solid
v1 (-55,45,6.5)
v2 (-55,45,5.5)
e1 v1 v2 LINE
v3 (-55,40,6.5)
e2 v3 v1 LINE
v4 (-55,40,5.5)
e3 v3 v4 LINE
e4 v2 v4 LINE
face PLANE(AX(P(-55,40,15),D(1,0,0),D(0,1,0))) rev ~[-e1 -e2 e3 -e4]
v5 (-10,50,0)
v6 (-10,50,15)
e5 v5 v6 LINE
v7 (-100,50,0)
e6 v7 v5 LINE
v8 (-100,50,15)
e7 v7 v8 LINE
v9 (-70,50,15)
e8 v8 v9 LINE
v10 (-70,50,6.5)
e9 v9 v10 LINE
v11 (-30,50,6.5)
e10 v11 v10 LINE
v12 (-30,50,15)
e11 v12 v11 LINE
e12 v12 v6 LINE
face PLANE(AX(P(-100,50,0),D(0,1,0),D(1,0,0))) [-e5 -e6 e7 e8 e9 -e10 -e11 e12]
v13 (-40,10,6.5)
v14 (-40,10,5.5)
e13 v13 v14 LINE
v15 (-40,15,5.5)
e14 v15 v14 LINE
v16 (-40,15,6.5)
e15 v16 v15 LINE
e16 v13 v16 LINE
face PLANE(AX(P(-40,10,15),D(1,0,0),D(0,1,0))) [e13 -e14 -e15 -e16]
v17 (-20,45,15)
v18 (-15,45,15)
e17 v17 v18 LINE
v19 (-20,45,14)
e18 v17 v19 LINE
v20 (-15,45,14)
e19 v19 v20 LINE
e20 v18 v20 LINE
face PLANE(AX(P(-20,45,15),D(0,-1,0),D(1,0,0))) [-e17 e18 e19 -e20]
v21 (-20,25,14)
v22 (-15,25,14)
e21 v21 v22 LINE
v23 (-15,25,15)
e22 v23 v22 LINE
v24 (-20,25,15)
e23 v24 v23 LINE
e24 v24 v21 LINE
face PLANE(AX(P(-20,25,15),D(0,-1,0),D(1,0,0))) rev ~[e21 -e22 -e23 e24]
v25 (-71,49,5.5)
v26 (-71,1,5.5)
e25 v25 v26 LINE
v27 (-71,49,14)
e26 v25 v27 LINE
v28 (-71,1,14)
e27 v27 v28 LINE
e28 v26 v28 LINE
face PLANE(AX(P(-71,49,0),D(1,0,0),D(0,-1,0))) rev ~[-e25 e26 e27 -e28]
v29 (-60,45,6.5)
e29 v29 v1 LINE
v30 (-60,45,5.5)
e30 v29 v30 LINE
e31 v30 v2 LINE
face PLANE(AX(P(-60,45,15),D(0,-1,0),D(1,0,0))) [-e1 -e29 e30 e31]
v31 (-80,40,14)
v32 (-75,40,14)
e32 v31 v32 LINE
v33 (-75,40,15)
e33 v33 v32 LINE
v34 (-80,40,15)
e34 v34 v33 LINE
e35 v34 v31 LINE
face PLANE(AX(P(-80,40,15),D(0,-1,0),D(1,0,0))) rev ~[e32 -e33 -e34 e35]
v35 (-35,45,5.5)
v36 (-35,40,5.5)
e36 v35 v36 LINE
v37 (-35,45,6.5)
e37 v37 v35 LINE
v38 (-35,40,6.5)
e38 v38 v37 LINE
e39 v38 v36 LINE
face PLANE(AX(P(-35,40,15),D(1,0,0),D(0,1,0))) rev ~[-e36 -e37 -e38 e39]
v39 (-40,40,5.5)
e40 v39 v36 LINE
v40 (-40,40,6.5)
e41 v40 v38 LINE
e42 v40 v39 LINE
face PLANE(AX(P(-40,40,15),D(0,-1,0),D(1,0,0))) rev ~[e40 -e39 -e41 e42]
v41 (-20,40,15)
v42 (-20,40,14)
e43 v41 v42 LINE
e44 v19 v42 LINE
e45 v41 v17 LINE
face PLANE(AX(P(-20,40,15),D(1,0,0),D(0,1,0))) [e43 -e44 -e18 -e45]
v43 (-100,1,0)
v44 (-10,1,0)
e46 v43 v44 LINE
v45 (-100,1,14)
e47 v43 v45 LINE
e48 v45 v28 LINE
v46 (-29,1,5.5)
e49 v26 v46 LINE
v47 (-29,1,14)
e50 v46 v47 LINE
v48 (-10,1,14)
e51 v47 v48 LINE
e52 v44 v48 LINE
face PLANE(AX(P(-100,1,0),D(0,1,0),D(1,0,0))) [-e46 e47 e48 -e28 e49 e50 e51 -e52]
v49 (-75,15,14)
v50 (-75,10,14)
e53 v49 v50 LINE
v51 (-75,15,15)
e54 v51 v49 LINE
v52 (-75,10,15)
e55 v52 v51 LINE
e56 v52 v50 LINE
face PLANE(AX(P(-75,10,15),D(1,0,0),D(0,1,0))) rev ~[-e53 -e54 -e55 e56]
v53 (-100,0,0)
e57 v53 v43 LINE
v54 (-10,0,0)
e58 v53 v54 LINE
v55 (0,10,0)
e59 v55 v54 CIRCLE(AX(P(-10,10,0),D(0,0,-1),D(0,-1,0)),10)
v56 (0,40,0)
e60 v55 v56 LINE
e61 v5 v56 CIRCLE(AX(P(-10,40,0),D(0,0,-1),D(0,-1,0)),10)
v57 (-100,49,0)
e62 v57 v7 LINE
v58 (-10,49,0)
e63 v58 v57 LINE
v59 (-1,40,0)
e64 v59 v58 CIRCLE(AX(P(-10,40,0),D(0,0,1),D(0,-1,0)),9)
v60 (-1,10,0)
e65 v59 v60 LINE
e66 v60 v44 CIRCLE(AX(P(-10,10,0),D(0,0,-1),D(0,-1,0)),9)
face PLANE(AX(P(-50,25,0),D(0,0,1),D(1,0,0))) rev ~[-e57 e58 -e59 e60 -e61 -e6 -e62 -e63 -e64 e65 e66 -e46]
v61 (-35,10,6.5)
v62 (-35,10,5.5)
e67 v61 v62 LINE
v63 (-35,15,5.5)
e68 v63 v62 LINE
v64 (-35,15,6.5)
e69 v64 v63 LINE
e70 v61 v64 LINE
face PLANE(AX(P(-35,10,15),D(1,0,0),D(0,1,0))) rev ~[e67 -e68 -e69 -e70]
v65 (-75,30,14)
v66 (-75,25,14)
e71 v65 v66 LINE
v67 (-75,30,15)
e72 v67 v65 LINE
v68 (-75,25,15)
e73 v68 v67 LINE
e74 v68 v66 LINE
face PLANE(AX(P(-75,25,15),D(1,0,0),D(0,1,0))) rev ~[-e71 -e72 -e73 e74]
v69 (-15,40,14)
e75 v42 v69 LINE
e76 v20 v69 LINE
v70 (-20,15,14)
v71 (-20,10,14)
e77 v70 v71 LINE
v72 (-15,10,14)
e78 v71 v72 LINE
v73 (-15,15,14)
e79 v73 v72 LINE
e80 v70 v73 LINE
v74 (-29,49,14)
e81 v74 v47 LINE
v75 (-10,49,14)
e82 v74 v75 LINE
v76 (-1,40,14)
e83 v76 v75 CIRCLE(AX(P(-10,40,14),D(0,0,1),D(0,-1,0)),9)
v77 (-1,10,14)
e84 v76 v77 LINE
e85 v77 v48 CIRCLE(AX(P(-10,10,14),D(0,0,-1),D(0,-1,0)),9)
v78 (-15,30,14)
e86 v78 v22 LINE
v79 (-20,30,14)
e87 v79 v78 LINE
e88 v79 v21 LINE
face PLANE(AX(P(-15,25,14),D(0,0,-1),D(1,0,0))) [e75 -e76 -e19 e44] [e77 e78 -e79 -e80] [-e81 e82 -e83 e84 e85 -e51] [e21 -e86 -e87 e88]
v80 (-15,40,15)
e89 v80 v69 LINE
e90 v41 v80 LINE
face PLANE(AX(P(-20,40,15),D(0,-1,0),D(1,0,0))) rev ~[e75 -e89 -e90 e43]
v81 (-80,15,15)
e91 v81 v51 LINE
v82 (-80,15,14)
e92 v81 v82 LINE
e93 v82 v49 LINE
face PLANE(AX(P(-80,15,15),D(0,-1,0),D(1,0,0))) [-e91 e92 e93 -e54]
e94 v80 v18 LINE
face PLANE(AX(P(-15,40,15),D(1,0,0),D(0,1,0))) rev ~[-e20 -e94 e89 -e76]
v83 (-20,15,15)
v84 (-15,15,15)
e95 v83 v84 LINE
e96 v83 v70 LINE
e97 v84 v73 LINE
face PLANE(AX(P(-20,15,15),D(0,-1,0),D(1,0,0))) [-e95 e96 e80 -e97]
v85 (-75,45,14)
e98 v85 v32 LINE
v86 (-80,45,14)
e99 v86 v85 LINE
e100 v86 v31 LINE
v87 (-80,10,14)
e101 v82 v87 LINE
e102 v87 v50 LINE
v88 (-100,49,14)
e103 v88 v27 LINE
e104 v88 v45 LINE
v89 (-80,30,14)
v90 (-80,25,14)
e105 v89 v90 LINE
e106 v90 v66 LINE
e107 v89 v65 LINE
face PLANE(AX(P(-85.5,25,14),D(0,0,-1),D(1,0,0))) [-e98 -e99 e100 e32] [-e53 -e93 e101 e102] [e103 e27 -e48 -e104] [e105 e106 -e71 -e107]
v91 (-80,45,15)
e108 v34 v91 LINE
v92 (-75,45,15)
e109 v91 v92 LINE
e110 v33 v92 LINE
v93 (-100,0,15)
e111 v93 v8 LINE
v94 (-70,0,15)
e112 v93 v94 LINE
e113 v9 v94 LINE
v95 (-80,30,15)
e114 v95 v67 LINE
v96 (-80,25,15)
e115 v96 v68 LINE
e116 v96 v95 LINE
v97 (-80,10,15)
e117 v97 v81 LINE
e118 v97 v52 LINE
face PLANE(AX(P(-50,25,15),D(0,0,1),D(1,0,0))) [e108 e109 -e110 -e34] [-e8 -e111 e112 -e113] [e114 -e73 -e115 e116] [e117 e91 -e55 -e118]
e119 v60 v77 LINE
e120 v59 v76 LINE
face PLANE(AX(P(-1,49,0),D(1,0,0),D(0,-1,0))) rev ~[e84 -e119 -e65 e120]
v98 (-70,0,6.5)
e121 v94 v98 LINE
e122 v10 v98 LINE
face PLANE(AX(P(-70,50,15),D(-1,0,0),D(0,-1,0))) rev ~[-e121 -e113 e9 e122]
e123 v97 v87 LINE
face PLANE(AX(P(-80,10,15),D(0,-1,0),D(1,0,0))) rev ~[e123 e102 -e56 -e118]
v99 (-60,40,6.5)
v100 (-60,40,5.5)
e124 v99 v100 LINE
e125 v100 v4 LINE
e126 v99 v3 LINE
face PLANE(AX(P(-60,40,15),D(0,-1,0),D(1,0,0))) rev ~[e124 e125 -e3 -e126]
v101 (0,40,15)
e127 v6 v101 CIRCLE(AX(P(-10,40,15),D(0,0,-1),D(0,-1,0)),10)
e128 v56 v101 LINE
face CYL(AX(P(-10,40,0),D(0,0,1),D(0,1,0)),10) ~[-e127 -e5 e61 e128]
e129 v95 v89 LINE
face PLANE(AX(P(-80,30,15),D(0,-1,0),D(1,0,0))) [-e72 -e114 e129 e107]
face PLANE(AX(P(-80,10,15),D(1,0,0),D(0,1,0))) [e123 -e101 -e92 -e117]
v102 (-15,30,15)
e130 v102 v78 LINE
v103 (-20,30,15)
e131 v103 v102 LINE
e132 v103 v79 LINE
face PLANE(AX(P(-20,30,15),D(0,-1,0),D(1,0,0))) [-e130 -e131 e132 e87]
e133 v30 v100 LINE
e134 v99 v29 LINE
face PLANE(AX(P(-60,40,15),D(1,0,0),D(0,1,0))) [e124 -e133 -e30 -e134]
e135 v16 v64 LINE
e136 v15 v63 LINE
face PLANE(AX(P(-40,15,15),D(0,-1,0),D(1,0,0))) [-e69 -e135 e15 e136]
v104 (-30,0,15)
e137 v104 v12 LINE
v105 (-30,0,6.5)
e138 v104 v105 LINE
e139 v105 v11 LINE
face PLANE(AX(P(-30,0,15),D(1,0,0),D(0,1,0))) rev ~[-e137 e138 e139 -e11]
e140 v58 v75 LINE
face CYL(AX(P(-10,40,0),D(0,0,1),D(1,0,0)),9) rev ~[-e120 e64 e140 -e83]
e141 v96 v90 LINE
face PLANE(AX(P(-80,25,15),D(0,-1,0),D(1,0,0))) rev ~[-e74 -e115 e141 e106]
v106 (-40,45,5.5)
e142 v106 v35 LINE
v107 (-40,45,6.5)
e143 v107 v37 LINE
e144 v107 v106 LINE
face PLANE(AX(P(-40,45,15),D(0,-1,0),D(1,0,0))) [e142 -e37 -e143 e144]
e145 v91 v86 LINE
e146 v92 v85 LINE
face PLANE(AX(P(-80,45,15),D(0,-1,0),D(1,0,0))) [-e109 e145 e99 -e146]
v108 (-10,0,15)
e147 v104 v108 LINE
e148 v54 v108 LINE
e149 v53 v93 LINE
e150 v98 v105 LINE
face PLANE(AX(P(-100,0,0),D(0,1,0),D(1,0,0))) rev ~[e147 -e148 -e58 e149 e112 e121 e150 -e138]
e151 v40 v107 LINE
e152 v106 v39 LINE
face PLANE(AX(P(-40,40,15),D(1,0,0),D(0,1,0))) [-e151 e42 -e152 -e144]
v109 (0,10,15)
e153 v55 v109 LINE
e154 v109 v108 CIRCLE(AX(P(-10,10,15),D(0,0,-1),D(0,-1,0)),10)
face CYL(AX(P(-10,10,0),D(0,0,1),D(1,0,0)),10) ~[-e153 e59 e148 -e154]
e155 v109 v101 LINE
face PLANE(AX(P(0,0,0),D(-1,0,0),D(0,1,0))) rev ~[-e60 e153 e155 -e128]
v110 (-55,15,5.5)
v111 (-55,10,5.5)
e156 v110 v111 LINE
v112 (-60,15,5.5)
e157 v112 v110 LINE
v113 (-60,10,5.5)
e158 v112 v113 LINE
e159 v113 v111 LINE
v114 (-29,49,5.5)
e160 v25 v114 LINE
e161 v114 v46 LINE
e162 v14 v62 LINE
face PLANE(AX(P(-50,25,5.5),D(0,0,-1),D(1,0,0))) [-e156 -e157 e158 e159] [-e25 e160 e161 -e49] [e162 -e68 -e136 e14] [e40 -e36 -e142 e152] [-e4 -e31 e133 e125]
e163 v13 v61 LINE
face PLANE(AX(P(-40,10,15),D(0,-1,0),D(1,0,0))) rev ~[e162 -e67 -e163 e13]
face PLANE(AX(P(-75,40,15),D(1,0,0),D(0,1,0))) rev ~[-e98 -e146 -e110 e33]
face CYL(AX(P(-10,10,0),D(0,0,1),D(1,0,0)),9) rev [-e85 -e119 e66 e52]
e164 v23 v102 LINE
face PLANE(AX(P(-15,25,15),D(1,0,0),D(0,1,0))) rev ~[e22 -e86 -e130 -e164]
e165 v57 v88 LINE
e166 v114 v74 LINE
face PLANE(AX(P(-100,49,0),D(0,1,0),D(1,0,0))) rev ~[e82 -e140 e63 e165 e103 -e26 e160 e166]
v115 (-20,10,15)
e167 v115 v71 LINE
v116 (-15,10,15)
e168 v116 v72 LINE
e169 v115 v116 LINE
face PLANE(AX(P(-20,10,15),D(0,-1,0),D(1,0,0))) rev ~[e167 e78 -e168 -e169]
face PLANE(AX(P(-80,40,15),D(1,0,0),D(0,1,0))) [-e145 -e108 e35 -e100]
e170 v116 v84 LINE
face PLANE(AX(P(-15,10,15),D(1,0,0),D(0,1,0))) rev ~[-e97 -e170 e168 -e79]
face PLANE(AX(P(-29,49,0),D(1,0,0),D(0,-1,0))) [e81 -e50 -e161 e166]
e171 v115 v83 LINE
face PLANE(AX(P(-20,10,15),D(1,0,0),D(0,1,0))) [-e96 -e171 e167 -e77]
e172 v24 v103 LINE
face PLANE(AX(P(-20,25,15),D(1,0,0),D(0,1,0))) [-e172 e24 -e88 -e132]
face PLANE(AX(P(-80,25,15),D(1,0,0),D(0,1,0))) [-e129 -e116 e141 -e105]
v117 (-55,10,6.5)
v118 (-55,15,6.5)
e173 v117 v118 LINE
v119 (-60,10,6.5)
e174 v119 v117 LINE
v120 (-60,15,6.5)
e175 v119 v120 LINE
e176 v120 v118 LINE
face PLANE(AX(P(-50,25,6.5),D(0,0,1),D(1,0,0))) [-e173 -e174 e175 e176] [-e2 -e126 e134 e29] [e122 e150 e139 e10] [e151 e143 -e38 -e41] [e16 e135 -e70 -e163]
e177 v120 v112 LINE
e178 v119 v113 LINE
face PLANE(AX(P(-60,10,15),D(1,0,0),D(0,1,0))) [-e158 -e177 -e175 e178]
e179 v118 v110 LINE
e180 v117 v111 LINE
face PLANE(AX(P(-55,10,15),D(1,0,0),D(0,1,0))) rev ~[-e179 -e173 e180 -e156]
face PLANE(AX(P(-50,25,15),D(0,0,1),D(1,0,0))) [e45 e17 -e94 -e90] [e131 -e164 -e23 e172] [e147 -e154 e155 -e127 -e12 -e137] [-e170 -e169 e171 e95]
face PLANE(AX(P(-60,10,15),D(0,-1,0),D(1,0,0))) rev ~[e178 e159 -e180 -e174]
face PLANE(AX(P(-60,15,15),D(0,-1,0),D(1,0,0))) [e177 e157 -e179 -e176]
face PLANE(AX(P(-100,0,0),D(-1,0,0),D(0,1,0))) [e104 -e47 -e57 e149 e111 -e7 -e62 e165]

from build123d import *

# Parameters (mm, degrees)
F0_W     = 100
F0_H     = 50
F1_DEPTH = 15
F2_W     = 5
F2_H     = 5
F3_DEPTH = 8.5
F4_DEPTH = 15.001
F5_W     = 28
F5_H     = 48
F5_W_2   = 5
F5_H_2   = 5
F5_W_3   = 29
F6_DEPTH = 14
F5_W_4   = 42
F7_DEPTH = 5.5
F8_R     = 9
F9_R     = 10


with BuildPart() as f1:
    # F0 (on Top) → F1 (new body)
    with BuildSketch(Plane.XY):
        with Locations((-50, 25)):
            Rectangle(F0_W, F0_H)
    extrude(amount=F1_DEPTH)

    # F2 (on face) → F3 (cut)
    with BuildSketch(Plane.XY.offset(15)):
        Polygon((-30, 45), (-30, 50), (-70, 50), (-70, 0), (-30, 0), align=None)
        with Locations((-57.5, 12.5)):
            Rectangle(F2_W, F2_H, mode=Mode.SUBTRACT)
        with Locations((-37.5, 12.5)):
            Rectangle(F2_W, F2_H, mode=Mode.SUBTRACT)
        with Locations((-57.5, 42.5)):
            Rectangle(F2_W, F2_H, mode=Mode.SUBTRACT)
        with Locations((-37.5, 42.5)):
            Rectangle(F2_W, F2_H, mode=Mode.SUBTRACT)
    extrude(amount=-F3_DEPTH, mode=Mode.SUBTRACT)

    # F2 (on face) → F4 (cut, through all)
    with BuildSketch(Plane.XY.offset(15)):
        with Locations((-77.5, 42.5)):
            Rectangle(F2_W, F2_H)
        with Locations((-77.5, 27.5)):
            Rectangle(F2_W, F2_H)
        with Locations((-77.5, 12.5)):
            Rectangle(F2_W, F2_H)
        with Locations((-57.5, 12.5)):
            Rectangle(F2_W, F2_H)
        with Locations((-57.5, 42.5)):
            Rectangle(F2_W, F2_H)
        with Locations((-37.5, 42.5)):
            Rectangle(F2_W, F2_H)
        with Locations((-37.5, 12.5)):
            Rectangle(F2_W, F2_H)
        with Locations((-17.5, 12.5)):
            Rectangle(F2_W, F2_H)
        with Locations((-17.5, 27.5)):
            Rectangle(F2_W, F2_H)
        with Locations((-17.5, 42.5)):
            Rectangle(F2_W, F2_H)
    extrude(amount=-F4_DEPTH, mode=Mode.SUBTRACT)

    # F5 (on face) → F6 (cut)
    with BuildSketch(Plane(origin=(0, 0, 0), x_dir=(1, 0, 0), z_dir=(0, 0, -1))):
        with Locations((-15, -25)):
            Rectangle(F5_W, F5_H)
        with Locations((-17.5, -42.5)):
            Rectangle(F5_W_2, F5_H_2, mode=Mode.SUBTRACT)
        with Locations((-17.5, -27.5)):
            Rectangle(F5_W_2, F5_H_2, mode=Mode.SUBTRACT)
        with Locations((-17.5, -12.5)):
            Rectangle(F5_W_2, F5_H_2, mode=Mode.SUBTRACT)
        with Locations((-85.5, -25)):
            Rectangle(F5_W_3, F5_H)
        with Locations((-77.5, -42.5)):
            Rectangle(F5_W_2, F5_H_2, mode=Mode.SUBTRACT)
        with Locations((-77.5, -27.5)):
            Rectangle(F5_W_2, F5_H_2, mode=Mode.SUBTRACT)
        with Locations((-77.5, -12.5)):
            Rectangle(F5_W_2, F5_H_2, mode=Mode.SUBTRACT)
    extrude(amount=-F6_DEPTH, mode=Mode.SUBTRACT)

    # F5 (on face) → F7 (cut)
    with BuildSketch(Plane(origin=(0, 0, 0), x_dir=(1, 0, 0), z_dir=(0, 0, -1))):
        with Locations((-50, -25)):
            Rectangle(F5_W_4, F5_H)
        with Locations((-57.5, -42.5)):
            Rectangle(F5_W_2, F5_H_2, mode=Mode.SUBTRACT)
        with Locations((-37.5, -42.5)):
            Rectangle(F5_W_2, F5_H_2, mode=Mode.SUBTRACT)
        with Locations((-57.5, -12.5)):
            Rectangle(F5_W_2, F5_H_2, mode=Mode.SUBTRACT)
        with Locations((-37.5, -12.5)):
            Rectangle(F5_W_2, F5_H_2, mode=Mode.SUBTRACT)
    extrude(amount=-F7_DEPTH, mode=Mode.SUBTRACT)

    # F8
    f8_edges = [f1.edges().sort_by_distance(p)[0] for p in [
        (-1, 49, 7),
        (-1, 1, 7),
    ]]
    fillet(f8_edges, radius=F8_R)

    # F9
    f9_edges = [f1.edges().sort_by_distance(p)[0] for p in [
        (0, 50, 7.5),
        (0, 0, 7.5),
    ]]
    fillet(f9_edges, radius=F9_R)


solid = f1.part
